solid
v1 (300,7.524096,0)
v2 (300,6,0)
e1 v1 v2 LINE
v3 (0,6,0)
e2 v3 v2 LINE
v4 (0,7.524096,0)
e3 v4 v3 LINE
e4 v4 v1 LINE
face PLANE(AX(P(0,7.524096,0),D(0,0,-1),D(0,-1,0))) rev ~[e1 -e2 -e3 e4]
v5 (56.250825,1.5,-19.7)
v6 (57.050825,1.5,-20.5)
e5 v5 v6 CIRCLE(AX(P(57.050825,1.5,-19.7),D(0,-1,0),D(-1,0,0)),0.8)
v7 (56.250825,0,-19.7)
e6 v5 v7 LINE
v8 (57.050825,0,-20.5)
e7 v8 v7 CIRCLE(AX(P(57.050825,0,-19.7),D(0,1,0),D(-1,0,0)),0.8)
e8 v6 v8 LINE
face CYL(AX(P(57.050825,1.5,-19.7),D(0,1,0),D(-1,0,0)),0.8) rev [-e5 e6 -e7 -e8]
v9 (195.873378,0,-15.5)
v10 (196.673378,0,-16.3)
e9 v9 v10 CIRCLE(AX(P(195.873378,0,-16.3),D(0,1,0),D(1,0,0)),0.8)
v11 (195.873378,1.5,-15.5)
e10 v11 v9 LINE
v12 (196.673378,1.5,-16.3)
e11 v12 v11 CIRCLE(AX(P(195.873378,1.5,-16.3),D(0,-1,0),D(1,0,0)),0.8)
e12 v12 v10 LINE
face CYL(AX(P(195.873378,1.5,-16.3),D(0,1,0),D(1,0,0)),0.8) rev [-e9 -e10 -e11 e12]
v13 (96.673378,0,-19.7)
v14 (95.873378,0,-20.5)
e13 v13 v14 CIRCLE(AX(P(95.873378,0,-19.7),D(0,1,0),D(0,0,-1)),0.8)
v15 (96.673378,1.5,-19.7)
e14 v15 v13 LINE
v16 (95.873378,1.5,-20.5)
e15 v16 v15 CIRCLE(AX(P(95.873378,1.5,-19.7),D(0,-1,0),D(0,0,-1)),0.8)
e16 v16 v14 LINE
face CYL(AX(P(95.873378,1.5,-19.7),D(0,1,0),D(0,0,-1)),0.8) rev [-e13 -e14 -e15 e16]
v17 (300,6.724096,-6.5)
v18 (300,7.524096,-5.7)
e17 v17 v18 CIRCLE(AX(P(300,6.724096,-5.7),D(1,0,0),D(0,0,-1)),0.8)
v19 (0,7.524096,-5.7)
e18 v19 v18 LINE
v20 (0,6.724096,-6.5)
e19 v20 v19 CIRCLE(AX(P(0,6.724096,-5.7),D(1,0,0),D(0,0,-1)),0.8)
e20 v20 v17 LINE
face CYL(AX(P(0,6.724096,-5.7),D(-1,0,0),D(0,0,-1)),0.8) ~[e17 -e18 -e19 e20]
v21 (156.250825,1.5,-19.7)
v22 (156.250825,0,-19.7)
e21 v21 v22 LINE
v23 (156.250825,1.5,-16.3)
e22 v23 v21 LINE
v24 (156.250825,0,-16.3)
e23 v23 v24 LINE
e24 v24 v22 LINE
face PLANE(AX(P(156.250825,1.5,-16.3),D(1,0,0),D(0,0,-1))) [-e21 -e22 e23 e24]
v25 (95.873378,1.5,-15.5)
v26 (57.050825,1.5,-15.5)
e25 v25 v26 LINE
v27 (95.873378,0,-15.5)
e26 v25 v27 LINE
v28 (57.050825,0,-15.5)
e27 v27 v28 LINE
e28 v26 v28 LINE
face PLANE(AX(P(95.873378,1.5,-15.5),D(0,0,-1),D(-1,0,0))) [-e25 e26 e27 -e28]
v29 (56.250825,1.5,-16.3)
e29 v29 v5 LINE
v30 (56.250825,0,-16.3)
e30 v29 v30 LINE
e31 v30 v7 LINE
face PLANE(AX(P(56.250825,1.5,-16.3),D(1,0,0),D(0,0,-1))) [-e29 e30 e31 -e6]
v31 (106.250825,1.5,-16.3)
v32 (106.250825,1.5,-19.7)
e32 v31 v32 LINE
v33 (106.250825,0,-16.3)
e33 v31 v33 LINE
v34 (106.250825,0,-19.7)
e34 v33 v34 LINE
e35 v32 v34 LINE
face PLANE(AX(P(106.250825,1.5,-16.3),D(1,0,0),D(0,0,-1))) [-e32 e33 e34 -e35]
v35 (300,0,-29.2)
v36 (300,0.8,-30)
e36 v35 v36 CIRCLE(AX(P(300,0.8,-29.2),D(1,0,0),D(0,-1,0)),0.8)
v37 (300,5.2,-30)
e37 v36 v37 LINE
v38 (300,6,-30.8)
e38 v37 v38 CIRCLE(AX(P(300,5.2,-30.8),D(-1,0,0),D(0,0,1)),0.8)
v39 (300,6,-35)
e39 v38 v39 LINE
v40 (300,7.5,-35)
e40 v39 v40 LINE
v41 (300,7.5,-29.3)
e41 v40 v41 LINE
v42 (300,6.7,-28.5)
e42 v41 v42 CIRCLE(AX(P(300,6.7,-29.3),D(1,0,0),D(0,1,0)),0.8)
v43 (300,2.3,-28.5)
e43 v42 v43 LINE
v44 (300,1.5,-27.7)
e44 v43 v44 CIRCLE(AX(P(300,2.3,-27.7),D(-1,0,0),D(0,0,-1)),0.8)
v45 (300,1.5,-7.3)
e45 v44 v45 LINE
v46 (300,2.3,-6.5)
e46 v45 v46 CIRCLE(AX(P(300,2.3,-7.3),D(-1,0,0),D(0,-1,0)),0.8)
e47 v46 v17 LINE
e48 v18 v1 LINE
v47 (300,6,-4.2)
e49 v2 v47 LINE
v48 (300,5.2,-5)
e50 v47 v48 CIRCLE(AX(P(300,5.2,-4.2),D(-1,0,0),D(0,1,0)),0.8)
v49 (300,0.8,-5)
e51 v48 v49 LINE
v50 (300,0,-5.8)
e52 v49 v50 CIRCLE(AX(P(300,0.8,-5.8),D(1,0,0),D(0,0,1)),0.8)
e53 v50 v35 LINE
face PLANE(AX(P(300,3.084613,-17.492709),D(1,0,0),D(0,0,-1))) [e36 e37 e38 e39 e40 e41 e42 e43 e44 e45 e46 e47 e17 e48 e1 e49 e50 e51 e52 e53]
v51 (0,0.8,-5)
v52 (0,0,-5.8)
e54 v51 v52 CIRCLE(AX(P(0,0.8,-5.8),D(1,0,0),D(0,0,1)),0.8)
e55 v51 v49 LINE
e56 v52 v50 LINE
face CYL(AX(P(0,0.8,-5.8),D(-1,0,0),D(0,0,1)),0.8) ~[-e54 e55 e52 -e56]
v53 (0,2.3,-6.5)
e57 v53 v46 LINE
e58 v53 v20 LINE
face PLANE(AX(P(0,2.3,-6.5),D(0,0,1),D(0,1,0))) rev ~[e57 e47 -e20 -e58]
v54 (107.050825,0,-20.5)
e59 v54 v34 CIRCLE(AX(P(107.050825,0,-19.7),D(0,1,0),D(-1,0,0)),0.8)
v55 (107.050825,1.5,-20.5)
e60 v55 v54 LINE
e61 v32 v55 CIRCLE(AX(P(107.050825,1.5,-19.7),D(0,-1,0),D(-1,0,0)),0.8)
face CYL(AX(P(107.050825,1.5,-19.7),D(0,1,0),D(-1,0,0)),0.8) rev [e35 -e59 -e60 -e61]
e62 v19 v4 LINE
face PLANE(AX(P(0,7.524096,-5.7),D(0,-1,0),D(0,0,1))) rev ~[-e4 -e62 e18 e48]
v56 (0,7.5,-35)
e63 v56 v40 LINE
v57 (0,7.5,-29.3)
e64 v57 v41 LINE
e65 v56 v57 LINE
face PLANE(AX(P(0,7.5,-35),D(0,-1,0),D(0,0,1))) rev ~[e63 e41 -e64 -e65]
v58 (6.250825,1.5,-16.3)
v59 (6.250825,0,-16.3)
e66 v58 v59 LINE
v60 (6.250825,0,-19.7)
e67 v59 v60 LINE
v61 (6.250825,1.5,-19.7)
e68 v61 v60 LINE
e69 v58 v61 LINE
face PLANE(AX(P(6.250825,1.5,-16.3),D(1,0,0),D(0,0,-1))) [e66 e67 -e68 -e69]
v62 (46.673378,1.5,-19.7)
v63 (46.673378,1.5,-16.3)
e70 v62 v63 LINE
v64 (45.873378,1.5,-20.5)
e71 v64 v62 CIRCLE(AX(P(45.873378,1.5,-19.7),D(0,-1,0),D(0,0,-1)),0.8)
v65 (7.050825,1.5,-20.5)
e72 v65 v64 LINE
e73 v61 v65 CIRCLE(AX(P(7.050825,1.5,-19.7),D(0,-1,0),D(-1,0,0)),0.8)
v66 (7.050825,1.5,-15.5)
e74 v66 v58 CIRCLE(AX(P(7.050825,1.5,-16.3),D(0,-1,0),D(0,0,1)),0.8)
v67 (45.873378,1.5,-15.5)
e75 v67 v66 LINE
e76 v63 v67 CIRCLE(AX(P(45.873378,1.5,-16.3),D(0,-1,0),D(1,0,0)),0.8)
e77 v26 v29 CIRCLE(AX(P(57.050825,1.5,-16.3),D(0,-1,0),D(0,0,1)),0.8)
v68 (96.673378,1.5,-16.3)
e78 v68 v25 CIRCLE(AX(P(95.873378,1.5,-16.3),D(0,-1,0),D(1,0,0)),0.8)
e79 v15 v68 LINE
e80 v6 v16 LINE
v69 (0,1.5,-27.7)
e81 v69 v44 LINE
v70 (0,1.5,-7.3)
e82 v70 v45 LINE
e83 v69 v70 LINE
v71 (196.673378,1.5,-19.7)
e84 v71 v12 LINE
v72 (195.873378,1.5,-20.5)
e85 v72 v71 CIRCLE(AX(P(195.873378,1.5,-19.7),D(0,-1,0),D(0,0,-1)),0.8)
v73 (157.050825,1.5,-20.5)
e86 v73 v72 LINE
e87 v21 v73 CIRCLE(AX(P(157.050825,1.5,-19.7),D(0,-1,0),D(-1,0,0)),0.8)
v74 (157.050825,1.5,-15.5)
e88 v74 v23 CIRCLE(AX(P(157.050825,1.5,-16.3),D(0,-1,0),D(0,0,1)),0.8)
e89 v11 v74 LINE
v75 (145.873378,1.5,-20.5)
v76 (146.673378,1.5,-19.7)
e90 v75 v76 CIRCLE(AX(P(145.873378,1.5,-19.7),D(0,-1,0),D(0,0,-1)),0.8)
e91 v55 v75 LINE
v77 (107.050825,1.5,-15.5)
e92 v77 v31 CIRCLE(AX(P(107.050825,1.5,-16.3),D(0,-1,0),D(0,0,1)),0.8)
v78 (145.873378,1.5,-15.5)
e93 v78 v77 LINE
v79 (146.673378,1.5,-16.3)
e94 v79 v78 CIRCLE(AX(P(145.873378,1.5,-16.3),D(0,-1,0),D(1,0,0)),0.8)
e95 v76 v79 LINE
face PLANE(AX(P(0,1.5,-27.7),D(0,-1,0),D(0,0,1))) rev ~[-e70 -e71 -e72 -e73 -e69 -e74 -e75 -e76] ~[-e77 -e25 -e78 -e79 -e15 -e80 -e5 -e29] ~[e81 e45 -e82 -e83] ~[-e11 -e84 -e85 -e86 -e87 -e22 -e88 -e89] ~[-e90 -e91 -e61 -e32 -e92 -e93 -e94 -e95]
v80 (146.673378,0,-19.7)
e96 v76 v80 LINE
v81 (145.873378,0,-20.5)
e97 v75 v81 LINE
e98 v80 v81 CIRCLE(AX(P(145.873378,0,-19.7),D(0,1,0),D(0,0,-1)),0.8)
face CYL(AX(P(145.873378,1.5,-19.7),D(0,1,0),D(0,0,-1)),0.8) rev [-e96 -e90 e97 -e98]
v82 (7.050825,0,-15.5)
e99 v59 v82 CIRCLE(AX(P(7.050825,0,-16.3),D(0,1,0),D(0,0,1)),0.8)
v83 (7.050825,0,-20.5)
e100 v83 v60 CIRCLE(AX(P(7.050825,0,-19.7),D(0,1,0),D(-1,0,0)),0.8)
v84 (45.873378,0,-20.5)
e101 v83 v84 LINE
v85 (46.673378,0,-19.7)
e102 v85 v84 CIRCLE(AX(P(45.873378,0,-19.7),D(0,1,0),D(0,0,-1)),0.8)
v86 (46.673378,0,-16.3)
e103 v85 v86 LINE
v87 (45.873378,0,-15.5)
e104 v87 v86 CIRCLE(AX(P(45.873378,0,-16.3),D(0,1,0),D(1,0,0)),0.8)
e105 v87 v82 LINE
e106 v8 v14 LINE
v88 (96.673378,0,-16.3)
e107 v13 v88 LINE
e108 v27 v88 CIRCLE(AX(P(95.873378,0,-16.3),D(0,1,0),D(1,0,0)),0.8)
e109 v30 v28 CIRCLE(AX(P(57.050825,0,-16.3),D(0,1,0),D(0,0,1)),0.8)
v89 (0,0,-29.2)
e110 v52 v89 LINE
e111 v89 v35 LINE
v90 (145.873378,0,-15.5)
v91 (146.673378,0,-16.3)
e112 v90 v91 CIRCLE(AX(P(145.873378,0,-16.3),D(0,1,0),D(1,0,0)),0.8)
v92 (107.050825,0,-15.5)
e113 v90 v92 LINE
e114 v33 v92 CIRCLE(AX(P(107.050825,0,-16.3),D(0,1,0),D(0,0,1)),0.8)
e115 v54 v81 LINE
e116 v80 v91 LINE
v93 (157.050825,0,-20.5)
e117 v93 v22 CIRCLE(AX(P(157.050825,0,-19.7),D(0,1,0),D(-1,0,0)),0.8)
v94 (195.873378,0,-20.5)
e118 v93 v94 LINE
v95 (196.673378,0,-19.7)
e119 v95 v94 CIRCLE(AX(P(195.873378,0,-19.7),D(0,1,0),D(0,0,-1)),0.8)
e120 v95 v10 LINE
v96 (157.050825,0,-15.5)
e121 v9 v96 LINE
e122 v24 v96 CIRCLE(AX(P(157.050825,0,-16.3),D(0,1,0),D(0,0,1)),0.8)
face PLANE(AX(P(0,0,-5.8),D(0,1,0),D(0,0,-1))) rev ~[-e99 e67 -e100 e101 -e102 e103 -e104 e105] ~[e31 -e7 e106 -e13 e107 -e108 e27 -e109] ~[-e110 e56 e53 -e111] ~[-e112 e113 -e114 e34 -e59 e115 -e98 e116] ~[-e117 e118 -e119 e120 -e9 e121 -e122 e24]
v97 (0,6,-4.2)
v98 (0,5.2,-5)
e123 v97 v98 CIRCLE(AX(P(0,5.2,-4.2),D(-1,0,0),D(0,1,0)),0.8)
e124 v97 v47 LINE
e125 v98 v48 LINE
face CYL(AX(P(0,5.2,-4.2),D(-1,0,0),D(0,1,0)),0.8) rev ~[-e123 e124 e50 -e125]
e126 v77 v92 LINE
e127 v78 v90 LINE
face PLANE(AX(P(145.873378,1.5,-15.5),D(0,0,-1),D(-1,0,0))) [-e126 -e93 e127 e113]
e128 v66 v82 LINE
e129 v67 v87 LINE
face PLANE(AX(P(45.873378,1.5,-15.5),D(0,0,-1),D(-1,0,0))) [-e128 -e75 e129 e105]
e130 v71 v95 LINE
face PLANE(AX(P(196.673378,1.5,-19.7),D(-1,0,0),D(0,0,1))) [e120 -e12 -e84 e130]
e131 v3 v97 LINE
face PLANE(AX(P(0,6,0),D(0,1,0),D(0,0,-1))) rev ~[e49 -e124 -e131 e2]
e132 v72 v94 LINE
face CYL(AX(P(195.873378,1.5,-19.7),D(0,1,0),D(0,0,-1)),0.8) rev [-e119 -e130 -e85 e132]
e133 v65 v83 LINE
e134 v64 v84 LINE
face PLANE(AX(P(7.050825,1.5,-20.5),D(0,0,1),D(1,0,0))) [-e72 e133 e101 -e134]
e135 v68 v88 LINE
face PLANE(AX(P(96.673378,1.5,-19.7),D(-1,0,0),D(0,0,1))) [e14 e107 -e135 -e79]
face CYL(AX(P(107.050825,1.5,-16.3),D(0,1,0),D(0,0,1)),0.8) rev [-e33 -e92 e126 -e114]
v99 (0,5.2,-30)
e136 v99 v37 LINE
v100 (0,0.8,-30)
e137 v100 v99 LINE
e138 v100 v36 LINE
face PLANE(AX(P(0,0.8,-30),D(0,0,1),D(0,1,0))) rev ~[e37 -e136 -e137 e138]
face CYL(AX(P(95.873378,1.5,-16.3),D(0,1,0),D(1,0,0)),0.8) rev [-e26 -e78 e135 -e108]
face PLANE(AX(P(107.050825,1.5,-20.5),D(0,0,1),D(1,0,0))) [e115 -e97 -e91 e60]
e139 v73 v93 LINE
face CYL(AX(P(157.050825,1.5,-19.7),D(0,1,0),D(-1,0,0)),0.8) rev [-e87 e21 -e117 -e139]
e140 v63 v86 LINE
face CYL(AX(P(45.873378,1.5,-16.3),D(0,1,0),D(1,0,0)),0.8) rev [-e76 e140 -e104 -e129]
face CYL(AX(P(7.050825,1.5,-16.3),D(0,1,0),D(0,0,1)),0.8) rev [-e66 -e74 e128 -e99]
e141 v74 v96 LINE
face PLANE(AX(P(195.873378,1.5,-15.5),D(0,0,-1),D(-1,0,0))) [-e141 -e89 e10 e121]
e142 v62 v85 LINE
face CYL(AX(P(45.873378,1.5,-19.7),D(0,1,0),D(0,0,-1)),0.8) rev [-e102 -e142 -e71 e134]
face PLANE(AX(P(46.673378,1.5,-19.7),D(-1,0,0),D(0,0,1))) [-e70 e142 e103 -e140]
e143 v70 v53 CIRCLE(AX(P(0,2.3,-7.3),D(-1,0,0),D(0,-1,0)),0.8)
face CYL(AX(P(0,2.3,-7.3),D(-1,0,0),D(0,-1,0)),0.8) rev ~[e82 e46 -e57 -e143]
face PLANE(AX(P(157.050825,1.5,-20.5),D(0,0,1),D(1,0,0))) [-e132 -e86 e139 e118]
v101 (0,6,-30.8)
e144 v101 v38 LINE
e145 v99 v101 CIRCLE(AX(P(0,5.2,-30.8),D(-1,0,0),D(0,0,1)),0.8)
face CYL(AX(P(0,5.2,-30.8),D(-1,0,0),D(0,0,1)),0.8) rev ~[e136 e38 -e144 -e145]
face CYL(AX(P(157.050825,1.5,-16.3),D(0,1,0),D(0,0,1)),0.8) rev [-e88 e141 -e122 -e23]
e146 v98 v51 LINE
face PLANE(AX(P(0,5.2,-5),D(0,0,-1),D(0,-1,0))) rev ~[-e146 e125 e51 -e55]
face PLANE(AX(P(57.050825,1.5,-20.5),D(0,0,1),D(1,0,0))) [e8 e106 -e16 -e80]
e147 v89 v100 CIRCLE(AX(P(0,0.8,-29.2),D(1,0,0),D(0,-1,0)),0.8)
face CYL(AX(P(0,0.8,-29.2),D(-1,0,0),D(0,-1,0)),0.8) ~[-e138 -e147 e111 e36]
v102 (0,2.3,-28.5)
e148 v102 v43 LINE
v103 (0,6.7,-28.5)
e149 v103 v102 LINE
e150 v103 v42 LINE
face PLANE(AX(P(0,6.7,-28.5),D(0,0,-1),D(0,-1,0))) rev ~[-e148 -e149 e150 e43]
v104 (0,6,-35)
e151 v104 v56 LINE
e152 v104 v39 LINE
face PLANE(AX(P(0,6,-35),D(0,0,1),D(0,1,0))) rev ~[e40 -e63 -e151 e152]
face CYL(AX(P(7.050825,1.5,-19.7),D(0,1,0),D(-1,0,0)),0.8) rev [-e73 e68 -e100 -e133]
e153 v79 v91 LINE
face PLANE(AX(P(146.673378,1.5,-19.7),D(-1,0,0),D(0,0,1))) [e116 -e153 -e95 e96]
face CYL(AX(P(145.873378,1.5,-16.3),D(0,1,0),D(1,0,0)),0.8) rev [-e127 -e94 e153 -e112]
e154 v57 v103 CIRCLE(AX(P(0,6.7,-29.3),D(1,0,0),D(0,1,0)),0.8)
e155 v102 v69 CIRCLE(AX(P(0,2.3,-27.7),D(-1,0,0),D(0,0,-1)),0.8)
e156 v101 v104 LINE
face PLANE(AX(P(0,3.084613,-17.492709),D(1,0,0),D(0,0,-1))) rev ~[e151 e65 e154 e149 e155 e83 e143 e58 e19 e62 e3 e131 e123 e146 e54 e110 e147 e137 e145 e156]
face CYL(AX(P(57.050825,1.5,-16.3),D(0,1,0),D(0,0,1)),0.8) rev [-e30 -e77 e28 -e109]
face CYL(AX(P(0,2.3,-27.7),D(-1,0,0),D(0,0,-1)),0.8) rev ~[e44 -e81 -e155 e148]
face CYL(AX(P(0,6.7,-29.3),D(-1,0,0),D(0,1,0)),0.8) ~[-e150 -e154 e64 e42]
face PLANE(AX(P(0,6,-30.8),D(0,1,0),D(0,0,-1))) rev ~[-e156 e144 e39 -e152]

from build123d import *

# Parameters (mm, degrees)
EXTRUDE_1_DEPTH     = 300
CUT_EXTRUDE_1_DEPTH = 10


with BuildPart() as part:
    # Эскиз1 → Бобышка-Вытянуть1 (new body)
    with BuildSketch(Plane(origin=(0, 0, 0), x_dir=(0, 0, -1), z_dir=(1, 0, 0))):
        with BuildLine():
            Line((0, 7.524096324), (0, 6))
            Line((0, 6), (4.2, 6))
            ThreePointArc((4.2, 6), (4.765685425, 5.765685425), (5, 5.2))
            Line((5, 5.2), (5, 0.8))
            ThreePointArc((5, 0.8), (5.234314575, 0.234314575), (5.8, 0))
            Line((5.8, 0), (29.2, 0))
            ThreePointArc((29.2, 0), (29.765685425, 0.234314575), (30, 0.8))
            Line((30, 0.8), (30, 5.2))
            ThreePointArc((30, 5.2), (30.234314575, 5.765685425), (30.8, 6))
            Line((30.8, 6), (35, 6))
            Line((35, 6), (35, 7.5))
            Line((35, 7.5), (29.3, 7.5))
            ThreePointArc((29.3, 7.5), (28.734314575, 7.265685425), (28.5, 6.7))
            Line((28.5, 6.7), (28.5, 2.3))
            ThreePointArc((28.5, 2.3), (28.265685425, 1.734314575), (27.7, 1.5))
            Line((27.7, 1.5), (7.3, 1.5))
            ThreePointArc((7.3, 1.5), (6.734314575, 1.734314575), (6.5, 2.3))
            Line((6.5, 2.3), (6.5, 6.724096324))
            ThreePointArc((6.5, 6.724096324), (6.265685425, 7.289781749), (5.7, 7.524096324))
            Line((5.7, 7.524096324), (0, 7.524096324))
        make_face()
    extrude(amount=EXTRUDE_1_DEPTH)

    # Эскиз2 → Вырез-Вытянуть1 (cut)
    with BuildSketch(Plane(origin=(0, 1.5, 0), x_dir=(1, 0, 0), z_dir=(0, 1, 0))):
        with BuildLine():
            Line((57.050825201, 20.5), (95.873378283, 20.5))
            ThreePointArc((95.873378283, 20.5), (96.439063708, 20.265685425), (96.673378283, 19.7))
            Line((96.673378283, 19.7), (96.673378283, 16.3))
            ThreePointArc((96.673378283, 16.3), (96.439063708, 15.734314575), (95.873378283, 15.5))
            Line((95.873378283, 15.5), (57.050825201, 15.5))
            ThreePointArc((57.050825201, 15.5), (56.485139776, 15.734314575), (56.250825201, 16.3))
            Line((56.250825201, 16.3), (56.250825201, 19.7))
            ThreePointArc((56.250825201, 19.7), (56.485139776, 20.265685425), (57.050825201, 20.5))
        make_face()
        with BuildLine():
            Line((7.050825201, 20.5), (45.873378283, 20.5))
            ThreePointArc((45.873378283, 20.5), (46.439063708, 20.265685425), (46.673378283, 19.7))
            Line((46.673378283, 19.7), (46.673378283, 16.3))
            ThreePointArc((46.673378283, 16.3), (46.439063708, 15.734314575), (45.873378283, 15.5))
            Line((45.873378283, 15.5), (7.050825201, 15.5))
            ThreePointArc((7.050825201, 15.5), (6.485139776, 15.734314575), (6.250825201, 16.3))
            Line((6.250825201, 16.3), (6.250825201, 19.7))
            ThreePointArc((6.250825201, 19.7), (6.485139776, 20.265685425), (7.050825201, 20.5))
        make_face()
        with BuildLine():
            Line((107.050825201, 20.5), (145.873378283, 20.5))
            ThreePointArc((145.873378283, 20.5), (146.439063708, 20.265685425), (146.673378283, 19.7))
            Line((146.673378283, 19.7), (146.673378283, 16.3))
            ThreePointArc((146.673378283, 16.3), (146.439063708, 15.734314575), (145.873378283, 15.5))
            Line((145.873378283, 15.5), (107.050825201, 15.5))
            ThreePointArc((107.050825201, 15.5), (106.485139776, 15.734314575), (106.250825201, 16.3))
            Line((106.250825201, 16.3), (106.250825201, 19.7))
            ThreePointArc((106.250825201, 19.7), (106.485139776, 20.265685425), (107.050825201, 20.5))
        make_face()
        with BuildLine():
            Line((157.050825201, 20.5), (195.873378283, 20.5))
            ThreePointArc((195.873378283, 20.5), (196.439063708, 20.265685425), (196.673378283, 19.7))
            Line((196.673378283, 19.7), (196.673378283, 16.3))
            ThreePointArc((196.673378283, 16.3), (196.439063708, 15.734314575), (195.873378283, 15.5))
            Line((195.873378283, 15.5), (157.050825201, 15.5))
            ThreePointArc((157.050825201, 15.5), (156.485139776, 15.734314575), (156.250825201, 16.3))
            Line((156.250825201, 16.3), (156.250825201, 19.7))
            ThreePointArc((156.250825201, 19.7), (156.485139776, 20.265685425), (157.050825201, 20.5))
        make_face()
    extrude(amount=-CUT_EXTRUDE_1_DEPTH, mode=Mode.SUBTRACT)


solid = part.part
